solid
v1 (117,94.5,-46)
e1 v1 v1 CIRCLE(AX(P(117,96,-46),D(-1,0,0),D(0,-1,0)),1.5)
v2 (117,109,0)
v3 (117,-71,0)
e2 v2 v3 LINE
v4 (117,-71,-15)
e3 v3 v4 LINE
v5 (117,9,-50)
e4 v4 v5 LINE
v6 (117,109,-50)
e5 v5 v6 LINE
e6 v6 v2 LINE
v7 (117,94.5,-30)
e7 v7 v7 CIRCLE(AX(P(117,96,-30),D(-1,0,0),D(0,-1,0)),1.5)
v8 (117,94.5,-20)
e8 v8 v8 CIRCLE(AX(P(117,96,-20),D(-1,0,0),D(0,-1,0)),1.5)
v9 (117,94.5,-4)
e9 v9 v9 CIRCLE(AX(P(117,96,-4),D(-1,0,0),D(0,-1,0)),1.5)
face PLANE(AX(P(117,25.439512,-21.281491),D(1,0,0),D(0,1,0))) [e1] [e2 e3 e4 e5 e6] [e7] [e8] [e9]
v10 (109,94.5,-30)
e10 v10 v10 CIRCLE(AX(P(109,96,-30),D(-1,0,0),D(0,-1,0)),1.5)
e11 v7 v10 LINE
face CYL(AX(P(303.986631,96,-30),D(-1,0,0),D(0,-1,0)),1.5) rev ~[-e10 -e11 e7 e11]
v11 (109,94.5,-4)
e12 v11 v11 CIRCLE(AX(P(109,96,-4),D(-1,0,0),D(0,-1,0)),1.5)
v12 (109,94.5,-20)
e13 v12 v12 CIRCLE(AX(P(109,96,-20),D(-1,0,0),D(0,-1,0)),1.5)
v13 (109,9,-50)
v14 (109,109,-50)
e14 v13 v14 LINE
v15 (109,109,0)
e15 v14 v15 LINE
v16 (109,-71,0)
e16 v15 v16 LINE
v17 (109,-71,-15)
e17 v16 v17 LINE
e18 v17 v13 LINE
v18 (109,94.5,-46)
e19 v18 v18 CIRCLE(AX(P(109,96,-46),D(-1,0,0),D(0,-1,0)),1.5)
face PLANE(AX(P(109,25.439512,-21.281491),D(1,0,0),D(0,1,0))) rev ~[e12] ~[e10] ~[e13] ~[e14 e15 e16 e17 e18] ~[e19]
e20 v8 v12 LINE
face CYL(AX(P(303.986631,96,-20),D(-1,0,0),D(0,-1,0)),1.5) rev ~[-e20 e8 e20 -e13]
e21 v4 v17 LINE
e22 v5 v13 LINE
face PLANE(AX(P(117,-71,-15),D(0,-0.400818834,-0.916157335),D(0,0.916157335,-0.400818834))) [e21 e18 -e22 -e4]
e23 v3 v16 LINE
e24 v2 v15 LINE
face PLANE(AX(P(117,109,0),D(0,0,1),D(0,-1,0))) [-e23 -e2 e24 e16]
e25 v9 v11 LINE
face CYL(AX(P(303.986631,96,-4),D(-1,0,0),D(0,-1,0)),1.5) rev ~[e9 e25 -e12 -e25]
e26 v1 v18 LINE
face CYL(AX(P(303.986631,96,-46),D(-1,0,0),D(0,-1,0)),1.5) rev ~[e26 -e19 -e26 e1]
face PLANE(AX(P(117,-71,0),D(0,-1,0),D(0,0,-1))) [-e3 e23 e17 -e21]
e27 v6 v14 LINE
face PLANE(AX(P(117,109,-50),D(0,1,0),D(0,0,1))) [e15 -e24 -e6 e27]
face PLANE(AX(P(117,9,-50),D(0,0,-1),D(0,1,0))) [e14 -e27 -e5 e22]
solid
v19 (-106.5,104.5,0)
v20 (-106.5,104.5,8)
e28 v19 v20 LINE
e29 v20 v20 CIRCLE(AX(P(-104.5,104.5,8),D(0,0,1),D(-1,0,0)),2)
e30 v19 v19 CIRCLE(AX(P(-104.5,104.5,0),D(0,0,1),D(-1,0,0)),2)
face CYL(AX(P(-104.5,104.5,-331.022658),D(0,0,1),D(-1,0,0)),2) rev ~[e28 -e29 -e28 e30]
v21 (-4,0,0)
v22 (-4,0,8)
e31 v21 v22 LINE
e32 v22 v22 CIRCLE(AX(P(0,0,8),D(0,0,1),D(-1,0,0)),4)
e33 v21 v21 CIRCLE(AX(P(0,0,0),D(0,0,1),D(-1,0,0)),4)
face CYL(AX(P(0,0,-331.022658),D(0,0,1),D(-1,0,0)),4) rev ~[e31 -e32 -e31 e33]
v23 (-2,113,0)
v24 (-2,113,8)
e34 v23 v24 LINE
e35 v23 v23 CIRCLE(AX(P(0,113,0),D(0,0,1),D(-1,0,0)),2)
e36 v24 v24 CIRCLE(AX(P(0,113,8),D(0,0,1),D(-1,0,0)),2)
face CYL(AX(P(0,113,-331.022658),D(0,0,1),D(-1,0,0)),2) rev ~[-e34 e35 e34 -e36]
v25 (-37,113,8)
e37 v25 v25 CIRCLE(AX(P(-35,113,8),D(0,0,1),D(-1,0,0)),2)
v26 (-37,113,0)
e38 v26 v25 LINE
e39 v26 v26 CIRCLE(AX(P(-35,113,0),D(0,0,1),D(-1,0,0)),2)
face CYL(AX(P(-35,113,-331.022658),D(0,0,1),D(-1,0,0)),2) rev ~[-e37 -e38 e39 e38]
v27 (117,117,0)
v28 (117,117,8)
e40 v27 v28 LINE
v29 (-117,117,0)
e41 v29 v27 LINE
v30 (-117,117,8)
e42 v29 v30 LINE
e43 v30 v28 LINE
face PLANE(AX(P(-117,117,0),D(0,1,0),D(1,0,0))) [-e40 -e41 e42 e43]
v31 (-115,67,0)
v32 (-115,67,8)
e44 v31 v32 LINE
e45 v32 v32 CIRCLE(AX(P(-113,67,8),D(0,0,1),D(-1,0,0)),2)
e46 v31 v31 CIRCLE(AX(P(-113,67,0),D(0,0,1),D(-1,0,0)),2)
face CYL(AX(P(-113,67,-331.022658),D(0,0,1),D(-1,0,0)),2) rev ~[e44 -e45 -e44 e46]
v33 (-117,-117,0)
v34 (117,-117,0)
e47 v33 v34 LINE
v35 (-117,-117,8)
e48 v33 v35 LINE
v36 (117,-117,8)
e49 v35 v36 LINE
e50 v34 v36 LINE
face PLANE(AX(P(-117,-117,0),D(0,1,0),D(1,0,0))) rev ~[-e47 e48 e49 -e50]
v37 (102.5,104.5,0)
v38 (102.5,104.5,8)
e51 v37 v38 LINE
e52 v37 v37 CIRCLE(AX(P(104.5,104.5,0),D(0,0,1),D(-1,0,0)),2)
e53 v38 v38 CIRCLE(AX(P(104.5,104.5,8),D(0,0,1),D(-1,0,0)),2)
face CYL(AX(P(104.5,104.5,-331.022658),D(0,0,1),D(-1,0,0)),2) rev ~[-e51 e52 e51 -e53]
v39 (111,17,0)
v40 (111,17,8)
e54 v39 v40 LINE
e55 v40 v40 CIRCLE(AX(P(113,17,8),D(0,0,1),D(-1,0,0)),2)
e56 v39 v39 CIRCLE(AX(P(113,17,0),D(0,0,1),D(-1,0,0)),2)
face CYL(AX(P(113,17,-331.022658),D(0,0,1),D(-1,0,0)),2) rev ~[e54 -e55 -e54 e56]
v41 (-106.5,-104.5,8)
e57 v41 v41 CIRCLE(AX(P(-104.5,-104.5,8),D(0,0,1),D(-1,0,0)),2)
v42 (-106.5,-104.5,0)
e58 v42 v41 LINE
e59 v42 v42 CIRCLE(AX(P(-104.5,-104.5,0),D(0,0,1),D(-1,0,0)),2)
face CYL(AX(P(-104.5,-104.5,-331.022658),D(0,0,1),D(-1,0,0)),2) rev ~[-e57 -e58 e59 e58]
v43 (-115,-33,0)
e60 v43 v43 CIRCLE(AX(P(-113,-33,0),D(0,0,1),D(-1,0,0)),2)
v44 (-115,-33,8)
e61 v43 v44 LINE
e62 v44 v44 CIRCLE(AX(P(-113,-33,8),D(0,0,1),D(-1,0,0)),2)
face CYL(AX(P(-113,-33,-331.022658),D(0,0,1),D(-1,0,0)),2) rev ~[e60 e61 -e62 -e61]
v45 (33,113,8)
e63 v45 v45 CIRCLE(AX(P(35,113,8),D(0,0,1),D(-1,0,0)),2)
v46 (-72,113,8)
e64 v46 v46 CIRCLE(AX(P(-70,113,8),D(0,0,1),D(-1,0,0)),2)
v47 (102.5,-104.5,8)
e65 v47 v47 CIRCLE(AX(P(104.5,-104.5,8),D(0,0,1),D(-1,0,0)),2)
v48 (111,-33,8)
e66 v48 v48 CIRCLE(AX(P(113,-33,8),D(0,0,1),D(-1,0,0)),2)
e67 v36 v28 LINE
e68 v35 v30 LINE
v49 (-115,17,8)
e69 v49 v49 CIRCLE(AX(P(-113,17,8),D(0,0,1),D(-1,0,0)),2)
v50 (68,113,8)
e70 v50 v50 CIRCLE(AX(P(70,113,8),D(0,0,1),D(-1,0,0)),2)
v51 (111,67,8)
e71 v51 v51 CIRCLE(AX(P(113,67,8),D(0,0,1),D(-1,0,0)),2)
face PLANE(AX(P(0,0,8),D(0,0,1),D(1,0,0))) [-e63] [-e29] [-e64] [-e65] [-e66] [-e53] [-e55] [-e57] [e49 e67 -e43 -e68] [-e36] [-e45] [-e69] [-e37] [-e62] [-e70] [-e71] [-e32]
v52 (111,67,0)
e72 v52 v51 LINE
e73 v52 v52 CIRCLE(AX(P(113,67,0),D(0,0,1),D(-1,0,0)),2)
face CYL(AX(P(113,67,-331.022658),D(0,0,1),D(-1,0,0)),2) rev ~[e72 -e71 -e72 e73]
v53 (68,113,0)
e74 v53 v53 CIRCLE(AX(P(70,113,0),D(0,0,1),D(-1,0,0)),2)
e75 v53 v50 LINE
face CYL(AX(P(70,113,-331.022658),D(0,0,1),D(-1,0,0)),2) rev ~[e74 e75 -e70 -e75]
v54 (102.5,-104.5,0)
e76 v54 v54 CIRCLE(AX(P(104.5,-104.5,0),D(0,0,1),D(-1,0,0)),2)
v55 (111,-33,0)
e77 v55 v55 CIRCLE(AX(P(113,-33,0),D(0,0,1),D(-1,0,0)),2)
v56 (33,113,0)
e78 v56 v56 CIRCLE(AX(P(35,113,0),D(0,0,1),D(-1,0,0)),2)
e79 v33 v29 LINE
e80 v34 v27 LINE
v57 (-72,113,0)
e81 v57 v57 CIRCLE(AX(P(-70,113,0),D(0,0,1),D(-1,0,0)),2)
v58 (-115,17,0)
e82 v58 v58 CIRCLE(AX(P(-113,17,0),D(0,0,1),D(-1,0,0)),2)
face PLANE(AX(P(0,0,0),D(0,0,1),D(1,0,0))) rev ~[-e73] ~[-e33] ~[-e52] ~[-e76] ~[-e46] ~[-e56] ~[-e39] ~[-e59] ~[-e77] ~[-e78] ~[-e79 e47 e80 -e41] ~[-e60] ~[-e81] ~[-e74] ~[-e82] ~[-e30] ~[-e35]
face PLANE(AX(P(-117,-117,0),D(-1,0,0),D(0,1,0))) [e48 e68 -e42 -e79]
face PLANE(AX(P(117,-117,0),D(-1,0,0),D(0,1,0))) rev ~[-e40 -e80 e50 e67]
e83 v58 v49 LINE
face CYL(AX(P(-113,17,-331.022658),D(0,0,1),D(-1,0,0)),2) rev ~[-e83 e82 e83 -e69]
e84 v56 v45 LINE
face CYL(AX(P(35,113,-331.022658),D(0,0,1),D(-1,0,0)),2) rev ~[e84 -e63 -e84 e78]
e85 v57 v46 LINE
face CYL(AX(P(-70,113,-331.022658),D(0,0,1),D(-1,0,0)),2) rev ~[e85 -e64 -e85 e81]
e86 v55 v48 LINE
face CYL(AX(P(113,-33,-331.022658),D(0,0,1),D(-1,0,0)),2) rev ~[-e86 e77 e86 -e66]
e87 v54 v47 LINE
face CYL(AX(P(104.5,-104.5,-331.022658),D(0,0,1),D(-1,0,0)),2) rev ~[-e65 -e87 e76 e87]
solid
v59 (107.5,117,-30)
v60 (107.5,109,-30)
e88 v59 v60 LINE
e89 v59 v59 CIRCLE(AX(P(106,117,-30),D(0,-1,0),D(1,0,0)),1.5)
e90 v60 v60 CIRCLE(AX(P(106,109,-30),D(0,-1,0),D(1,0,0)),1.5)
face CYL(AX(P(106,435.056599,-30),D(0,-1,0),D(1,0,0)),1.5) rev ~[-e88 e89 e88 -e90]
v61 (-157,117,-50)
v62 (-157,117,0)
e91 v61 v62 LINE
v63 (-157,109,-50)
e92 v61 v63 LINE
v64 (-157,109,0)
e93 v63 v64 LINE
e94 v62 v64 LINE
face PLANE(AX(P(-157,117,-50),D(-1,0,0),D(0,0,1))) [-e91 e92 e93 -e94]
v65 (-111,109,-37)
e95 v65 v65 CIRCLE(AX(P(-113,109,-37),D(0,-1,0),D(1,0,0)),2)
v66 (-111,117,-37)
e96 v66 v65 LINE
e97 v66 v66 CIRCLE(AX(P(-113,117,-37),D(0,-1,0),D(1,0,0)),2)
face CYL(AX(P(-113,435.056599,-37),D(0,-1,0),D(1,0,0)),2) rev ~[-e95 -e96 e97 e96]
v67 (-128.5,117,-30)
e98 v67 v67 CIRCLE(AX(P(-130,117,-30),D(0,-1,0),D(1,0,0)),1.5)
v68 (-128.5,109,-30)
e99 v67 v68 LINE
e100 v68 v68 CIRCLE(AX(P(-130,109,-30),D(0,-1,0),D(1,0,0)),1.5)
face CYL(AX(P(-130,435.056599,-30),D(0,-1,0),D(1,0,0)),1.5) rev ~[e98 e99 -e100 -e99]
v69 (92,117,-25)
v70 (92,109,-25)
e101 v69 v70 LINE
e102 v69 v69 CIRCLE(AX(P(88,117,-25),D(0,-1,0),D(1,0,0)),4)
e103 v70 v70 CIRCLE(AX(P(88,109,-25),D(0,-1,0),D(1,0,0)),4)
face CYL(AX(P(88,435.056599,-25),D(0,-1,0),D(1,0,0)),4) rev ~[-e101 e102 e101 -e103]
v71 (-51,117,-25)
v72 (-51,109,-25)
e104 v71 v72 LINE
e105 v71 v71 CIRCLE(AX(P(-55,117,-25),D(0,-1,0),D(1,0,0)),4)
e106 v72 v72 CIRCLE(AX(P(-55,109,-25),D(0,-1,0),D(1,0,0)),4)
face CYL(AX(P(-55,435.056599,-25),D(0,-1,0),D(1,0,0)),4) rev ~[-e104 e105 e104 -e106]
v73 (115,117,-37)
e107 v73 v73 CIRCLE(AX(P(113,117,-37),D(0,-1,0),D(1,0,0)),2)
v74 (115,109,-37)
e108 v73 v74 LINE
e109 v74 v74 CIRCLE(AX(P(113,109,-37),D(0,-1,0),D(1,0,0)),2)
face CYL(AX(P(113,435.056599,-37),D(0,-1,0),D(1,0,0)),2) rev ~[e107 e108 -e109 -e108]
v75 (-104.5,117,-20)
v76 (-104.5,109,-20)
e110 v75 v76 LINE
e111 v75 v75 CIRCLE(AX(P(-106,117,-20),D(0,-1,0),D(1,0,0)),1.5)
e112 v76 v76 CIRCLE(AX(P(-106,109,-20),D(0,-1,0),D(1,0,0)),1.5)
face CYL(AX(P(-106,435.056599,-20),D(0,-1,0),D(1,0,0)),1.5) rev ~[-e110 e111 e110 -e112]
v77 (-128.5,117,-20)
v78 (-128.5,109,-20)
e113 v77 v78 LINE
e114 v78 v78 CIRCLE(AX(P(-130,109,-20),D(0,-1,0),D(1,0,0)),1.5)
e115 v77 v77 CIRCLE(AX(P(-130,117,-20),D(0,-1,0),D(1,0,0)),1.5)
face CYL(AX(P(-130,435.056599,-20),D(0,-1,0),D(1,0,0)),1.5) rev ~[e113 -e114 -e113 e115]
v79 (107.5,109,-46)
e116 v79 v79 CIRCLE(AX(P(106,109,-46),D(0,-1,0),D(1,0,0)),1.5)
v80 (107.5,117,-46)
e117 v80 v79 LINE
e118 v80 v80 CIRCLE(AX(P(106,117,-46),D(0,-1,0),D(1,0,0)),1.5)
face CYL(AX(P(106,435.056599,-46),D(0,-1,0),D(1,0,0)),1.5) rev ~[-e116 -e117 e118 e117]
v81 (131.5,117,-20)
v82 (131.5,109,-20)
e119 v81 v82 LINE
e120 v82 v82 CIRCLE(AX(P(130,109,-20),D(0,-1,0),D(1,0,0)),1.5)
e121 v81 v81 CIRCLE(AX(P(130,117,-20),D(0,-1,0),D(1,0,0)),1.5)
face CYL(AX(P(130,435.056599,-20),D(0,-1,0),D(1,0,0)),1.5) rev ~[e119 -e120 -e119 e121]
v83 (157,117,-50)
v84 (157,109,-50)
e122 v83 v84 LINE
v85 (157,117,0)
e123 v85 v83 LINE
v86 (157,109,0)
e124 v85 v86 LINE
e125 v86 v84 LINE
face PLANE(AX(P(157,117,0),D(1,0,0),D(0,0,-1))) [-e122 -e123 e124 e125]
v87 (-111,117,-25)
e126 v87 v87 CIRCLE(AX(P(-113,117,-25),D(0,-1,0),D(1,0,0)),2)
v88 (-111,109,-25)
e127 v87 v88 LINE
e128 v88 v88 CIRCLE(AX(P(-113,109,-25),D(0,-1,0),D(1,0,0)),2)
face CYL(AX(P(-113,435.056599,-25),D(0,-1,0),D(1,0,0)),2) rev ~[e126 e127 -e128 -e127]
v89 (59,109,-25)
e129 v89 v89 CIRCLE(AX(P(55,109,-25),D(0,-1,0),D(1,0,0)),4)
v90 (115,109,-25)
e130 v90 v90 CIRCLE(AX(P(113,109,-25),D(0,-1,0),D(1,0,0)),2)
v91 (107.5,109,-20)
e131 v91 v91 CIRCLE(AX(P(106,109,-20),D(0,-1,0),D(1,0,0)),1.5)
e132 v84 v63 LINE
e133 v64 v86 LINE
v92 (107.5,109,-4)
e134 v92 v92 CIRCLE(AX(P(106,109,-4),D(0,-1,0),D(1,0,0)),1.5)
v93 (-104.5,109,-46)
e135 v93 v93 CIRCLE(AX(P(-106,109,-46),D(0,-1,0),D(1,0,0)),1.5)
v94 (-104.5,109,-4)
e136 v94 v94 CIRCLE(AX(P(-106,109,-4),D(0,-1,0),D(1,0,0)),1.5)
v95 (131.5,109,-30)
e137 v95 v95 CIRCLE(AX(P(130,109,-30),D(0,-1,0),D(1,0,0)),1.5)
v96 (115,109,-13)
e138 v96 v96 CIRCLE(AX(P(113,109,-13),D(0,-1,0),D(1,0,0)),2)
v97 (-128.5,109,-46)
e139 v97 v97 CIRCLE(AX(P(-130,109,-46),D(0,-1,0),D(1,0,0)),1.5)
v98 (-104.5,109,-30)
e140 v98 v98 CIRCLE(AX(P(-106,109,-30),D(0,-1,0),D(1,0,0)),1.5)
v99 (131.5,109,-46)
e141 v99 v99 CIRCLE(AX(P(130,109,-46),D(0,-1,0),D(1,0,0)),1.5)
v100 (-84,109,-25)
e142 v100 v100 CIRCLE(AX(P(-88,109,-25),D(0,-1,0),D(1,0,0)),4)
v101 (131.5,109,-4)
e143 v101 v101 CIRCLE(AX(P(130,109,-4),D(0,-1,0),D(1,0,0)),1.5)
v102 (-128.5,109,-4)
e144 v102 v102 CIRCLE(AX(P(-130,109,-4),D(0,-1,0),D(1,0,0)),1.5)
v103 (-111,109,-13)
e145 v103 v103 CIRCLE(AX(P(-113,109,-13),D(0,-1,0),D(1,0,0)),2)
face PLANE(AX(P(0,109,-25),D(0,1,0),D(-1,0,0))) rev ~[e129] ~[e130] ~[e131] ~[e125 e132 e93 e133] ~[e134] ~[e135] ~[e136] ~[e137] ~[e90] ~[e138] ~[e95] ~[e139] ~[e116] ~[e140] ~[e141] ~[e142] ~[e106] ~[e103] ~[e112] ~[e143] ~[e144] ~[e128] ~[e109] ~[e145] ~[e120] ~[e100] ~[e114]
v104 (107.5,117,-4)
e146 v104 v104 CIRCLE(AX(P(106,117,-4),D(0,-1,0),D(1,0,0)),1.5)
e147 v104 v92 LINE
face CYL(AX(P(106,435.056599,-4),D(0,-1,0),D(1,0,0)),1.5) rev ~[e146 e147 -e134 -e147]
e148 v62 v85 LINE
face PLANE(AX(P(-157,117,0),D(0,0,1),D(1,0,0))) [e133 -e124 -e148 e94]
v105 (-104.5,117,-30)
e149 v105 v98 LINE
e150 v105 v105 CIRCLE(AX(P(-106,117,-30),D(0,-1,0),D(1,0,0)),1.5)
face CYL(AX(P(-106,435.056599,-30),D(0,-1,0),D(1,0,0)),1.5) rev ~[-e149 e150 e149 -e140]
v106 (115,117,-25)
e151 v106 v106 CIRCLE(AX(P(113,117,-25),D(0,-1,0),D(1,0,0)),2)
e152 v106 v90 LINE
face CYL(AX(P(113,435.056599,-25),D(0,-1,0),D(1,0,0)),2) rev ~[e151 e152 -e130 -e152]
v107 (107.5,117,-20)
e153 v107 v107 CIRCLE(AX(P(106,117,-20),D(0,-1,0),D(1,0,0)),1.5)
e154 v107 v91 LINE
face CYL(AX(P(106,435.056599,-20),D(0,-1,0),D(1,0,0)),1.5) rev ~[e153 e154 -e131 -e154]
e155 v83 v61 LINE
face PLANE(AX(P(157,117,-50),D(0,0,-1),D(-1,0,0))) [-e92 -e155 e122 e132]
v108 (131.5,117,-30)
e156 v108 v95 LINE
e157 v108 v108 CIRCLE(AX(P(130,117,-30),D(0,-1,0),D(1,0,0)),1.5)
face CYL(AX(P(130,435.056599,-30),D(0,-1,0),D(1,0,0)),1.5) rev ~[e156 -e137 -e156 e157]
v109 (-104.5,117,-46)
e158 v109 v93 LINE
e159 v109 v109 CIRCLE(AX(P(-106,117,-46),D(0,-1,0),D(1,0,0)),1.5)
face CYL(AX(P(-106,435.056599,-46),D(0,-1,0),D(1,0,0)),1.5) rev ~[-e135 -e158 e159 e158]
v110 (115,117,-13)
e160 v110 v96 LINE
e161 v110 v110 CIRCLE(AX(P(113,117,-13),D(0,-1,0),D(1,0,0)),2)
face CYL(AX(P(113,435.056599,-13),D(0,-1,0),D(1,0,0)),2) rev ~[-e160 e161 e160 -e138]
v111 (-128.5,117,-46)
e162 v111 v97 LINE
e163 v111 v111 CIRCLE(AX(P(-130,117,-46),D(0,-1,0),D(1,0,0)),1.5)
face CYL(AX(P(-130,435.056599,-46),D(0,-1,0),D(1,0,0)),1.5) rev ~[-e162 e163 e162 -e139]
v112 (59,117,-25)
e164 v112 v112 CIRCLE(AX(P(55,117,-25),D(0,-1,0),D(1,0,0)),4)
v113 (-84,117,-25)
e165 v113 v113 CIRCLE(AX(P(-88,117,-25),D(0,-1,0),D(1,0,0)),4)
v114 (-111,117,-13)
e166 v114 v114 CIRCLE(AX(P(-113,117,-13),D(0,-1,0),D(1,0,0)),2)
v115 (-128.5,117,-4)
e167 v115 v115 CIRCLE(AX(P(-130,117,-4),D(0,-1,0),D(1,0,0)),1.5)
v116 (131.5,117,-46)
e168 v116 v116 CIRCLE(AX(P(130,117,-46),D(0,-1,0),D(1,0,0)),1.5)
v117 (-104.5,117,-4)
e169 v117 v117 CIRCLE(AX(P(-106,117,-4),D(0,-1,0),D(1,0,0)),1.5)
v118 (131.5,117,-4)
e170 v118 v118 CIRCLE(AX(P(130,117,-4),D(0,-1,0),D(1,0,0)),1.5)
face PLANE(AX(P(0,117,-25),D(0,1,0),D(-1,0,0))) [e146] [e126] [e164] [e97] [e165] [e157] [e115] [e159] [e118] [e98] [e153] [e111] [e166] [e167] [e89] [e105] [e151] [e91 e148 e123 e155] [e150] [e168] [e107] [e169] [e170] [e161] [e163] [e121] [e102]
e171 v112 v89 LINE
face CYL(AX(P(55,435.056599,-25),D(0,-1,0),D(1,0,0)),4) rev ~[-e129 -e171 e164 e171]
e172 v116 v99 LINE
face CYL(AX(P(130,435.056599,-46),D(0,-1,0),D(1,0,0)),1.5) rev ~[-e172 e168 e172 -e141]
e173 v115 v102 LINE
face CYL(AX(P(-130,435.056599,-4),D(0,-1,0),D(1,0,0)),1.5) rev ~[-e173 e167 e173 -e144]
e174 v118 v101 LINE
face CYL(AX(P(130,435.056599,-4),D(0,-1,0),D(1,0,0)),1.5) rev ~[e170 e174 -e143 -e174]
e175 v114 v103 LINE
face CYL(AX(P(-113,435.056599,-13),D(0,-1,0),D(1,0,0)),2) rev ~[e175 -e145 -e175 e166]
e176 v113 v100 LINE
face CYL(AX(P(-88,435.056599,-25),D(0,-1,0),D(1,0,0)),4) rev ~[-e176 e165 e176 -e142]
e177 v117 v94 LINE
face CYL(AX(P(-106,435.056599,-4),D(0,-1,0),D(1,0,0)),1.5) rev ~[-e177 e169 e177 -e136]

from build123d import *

# Parameters (mm, degrees)
F0_W      = 234
F0_H      = 234
F1_DEPTH  = 8
F2_D      = 4
F3_D      = 8
F4_D      = 4
F6_DEPTH  = 8
F7_D      = 4
F8_D      = 8
F9_D      = 8
F10_D     = 3
F12_DEPTH = 8
F13_D     = 3


with BuildPart() as f1:
    # F0 (on Top) → F1 (new body)
    with BuildSketch(Plane.XY):
        Rectangle(F0_W, F0_H)
    extrude(amount=F1_DEPTH)

    # F2 (through all)
    with Locations(Plane(origin=(0, 0, 0), x_dir=(1, 0, 0), z_dir=(0, 0, -1))):
        with Locations((-104.5, -104.5), (104.5, -104.5), (104.5, 104.5), (-104.5, 104.5)):
            Hole(F2_D / 2)

    # F3 (through all)
    with Locations(Plane(origin=(0, 0, 0), x_dir=(1, 0, 0), z_dir=(0, 0, -1))):
        with Locations((0, 0)):
            Hole(F3_D / 2)

    # F4 (through all)
    with Locations(Plane(origin=(0, 0, 0), x_dir=(1, 0, 0), z_dir=(0, 0, -1))):
        with Locations((113, 33), (113, -17), (113, -67), (70, -113), (35, -113), (0, -113), (-35, -113), (-70, -113), (-113, -67), (-113, -17), (-113, 33)):
            Hole(F4_D / 2)


with BuildPart() as f6:
    # F5 (on face) → F6 (new body)
    with BuildSketch(Plane(origin=(0, 117, 0), x_dir=(-1, 0, 0), z_dir=(0, 1, 0))):
        Polygon((-157, 0), (-157, -50), (157, -50), (157, 0), (117, 0), (-117, 0), align=None)
    extrude(amount=-F6_DEPTH)

    # F7 (through all)
    with Locations(Plane(origin=(0, 117, 0), x_dir=(-1, 0, 0), z_dir=(0, 1, 0))):
        with Locations((-113, -13), (-113, -25), (-113, -37), (113, -37), (113, -25), (113, -13)):
            Hole(F7_D / 2)

    # F8 (through all)
    with Locations(Plane(origin=(0, 117, 0), x_dir=(-1, 0, 0), z_dir=(0, 1, 0))):
        with Locations((-55, -25), (55, -25)):
            Hole(F8_D / 2)

    # F9 (through all)
    with Locations(Plane(origin=(0, 117, 0), x_dir=(-1, 0, 0), z_dir=(0, 1, 0))):
        with Locations((-88, -25), (88, -25)):
            Hole(F9_D / 2)

    # F10 (through all)
    with Locations(Plane(origin=(0, 117, 0), x_dir=(-1, 0, 0), z_dir=(0, 1, 0))):
        with Locations((-130, -4), (-130, -20), (-130, -30), (-130, -46), (-106, -4), (-106, -20), (-106, -30), (-106, -46), (106, -4), (106, -20), (106, -30), (106, -46), (130, -46), (130, -30), (130, -20), (130, -4)):
            Hole(F10_D / 2)


with BuildPart() as f12:
    # F11 (on face) → F12 (new body)
    with BuildSketch(Plane.YZ.offset(117)):
        Polygon((9, -50), (109, -50), (109, 0), (-71, 0), (-71, -15), align=None)
    extrude(amount=-F12_DEPTH)

    # F13 (through all)
    with Locations(Plane.YZ.offset(117)):
        with Locations((96, -4), (96, -20), (96, -30), (96, -46)):
            Hole(F13_D / 2)


solid = Compound([f1.part, f6.part, f12.part])
